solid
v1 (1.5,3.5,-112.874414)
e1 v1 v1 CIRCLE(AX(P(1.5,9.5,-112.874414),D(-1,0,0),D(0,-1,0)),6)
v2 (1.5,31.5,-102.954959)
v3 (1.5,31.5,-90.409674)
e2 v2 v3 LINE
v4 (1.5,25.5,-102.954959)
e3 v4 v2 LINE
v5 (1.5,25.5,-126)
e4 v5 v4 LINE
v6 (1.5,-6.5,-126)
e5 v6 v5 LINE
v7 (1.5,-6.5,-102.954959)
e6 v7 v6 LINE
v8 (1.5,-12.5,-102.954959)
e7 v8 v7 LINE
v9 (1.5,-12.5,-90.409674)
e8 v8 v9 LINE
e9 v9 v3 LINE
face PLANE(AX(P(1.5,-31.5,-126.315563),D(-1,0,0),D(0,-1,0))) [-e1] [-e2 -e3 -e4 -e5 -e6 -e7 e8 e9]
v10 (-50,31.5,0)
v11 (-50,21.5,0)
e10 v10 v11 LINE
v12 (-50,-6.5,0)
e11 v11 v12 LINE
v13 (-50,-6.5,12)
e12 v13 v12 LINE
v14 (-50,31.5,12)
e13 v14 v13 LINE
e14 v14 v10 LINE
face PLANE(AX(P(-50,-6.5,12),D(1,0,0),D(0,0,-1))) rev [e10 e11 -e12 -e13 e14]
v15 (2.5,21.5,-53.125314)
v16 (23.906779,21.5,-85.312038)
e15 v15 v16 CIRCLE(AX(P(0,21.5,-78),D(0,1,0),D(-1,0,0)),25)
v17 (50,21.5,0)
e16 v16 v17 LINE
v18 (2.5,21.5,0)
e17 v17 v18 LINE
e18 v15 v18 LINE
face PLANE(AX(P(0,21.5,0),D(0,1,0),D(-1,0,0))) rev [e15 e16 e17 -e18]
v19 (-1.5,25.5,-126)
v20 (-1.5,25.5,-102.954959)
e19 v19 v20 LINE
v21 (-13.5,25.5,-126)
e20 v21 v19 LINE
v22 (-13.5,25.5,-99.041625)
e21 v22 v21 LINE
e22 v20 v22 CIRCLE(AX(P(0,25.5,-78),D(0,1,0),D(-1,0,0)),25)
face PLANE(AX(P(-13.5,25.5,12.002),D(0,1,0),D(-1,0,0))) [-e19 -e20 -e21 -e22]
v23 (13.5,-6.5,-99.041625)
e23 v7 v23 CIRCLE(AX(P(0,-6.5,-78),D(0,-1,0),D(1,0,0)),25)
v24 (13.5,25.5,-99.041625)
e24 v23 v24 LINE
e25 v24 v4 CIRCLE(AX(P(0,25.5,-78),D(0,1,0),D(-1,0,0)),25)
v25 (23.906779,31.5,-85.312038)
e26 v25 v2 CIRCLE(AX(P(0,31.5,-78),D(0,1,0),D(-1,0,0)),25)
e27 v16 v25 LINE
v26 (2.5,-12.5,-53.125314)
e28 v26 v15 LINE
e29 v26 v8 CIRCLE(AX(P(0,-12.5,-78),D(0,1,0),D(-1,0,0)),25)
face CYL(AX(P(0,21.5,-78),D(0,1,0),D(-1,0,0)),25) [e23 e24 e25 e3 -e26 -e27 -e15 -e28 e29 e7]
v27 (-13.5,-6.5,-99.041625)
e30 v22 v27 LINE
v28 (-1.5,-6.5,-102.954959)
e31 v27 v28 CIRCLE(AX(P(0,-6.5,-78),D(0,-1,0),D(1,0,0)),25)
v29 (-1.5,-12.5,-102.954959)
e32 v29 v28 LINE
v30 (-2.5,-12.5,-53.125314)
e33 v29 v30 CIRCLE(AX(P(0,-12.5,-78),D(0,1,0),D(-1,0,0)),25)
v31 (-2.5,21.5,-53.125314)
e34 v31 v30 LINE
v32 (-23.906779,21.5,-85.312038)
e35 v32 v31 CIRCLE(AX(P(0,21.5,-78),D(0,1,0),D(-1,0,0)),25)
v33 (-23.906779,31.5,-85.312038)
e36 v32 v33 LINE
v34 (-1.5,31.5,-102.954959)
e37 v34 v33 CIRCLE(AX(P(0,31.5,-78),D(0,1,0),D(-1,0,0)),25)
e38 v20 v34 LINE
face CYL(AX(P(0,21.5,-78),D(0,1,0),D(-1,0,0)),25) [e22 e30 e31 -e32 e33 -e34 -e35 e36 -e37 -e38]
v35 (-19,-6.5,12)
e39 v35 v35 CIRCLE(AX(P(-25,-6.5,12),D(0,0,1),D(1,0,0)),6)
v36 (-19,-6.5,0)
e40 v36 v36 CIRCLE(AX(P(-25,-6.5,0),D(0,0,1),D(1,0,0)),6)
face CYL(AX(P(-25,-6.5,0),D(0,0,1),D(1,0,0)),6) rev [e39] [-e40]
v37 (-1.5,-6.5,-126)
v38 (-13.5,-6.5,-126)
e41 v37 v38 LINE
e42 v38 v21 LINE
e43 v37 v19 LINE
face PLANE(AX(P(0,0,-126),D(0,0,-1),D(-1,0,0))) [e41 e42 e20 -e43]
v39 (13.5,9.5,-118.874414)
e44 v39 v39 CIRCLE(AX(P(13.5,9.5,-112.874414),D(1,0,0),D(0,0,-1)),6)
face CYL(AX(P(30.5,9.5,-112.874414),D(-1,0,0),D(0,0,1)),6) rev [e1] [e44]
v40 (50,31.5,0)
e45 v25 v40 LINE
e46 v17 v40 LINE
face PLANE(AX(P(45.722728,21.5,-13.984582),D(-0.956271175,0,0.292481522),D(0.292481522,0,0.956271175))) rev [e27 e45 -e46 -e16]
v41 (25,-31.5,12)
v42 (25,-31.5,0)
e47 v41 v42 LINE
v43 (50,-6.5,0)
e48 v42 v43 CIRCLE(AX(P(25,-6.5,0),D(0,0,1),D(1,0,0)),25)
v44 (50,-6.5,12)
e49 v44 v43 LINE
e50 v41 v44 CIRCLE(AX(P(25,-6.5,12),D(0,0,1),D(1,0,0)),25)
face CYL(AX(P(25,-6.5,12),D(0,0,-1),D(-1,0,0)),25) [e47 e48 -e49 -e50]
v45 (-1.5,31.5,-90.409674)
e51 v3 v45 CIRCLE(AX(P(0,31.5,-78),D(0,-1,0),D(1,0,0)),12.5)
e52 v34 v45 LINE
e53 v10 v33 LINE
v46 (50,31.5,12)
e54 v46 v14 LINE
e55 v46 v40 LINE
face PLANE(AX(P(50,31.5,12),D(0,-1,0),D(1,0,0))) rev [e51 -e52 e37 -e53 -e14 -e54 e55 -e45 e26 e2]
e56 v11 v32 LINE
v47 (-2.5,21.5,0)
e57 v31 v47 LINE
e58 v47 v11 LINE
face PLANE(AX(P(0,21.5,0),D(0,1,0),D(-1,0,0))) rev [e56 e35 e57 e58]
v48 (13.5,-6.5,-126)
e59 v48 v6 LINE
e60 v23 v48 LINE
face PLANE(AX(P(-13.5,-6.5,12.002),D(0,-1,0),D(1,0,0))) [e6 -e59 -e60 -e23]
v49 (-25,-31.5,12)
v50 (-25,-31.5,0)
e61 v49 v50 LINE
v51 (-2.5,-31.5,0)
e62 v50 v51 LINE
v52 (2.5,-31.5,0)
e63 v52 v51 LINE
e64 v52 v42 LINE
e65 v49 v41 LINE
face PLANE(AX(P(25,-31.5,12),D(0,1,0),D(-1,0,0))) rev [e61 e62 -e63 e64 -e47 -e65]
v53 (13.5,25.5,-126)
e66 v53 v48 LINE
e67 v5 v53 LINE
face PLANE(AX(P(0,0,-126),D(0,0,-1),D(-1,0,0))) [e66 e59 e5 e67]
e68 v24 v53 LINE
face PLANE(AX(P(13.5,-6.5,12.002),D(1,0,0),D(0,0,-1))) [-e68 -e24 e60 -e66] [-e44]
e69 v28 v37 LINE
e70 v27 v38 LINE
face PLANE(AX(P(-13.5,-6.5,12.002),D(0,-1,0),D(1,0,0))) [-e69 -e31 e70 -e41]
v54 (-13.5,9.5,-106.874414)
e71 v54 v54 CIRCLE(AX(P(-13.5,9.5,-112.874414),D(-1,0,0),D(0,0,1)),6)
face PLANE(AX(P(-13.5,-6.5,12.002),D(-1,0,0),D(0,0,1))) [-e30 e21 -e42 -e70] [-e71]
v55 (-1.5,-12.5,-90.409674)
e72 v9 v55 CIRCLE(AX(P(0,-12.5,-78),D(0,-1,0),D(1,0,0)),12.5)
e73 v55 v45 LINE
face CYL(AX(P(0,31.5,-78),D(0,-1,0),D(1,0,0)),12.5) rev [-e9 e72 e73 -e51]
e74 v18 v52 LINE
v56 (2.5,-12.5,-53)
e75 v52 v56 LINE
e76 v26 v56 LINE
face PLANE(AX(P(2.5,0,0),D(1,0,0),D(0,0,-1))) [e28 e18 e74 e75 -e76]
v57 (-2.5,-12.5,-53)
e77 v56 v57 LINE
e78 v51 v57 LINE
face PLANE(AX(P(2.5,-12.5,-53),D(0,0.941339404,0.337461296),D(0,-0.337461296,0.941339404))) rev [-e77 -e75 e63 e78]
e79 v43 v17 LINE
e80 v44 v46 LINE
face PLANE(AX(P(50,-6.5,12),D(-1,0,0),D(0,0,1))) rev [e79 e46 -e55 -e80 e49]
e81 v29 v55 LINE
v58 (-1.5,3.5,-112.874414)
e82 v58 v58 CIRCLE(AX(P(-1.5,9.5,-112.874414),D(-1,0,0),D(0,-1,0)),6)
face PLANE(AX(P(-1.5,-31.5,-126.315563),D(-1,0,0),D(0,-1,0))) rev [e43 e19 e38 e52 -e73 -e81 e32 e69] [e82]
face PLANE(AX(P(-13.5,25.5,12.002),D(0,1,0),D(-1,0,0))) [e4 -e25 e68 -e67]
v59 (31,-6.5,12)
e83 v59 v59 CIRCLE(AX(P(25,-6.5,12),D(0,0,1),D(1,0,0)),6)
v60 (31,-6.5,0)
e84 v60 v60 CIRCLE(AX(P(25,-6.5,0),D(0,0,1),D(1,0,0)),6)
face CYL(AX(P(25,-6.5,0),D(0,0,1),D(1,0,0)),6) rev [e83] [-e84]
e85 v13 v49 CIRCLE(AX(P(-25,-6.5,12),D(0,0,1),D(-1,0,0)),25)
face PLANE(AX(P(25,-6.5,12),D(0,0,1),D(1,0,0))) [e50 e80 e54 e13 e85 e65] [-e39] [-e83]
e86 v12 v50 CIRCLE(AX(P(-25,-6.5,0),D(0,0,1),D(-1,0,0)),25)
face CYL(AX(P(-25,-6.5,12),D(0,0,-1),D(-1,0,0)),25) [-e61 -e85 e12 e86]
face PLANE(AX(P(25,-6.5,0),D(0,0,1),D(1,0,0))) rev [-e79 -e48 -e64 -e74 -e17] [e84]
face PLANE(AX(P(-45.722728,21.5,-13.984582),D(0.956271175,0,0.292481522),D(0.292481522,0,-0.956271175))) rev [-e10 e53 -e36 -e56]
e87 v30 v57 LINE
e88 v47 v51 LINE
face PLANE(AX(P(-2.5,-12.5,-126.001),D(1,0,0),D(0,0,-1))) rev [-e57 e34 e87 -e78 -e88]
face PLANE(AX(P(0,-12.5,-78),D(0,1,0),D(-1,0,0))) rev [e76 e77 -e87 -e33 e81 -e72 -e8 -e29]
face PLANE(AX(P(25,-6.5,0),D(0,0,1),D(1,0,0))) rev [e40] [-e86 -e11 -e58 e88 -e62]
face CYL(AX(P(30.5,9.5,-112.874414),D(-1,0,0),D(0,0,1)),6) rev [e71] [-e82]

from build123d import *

# Parameters (mm, degrees)
BOSS_EXTRUDE1_DEPTH      = 12
SKETCH3_R                = 6
CUT_EXTRUDE1_DEPTH       = 12
BOSS_EXTRUDE2_DEPTH      = 10
SKETCH4_3_R              = 25
BOSS_EXTRUDE3_DEPTH      = 44
SKETCH6_R                = 12.5
CUT_EXTRUDE2_DEPTH       = 44
BOSS_EXTRUDE4_REACH      = 152.121
BOSS_EXTRUDE4_END_RADIUS = 25
SKETCH7_W                = 27
SKETCH7_H                = 32
CUT_EXTRUDE3_DEPTH       = 143.520174011
CUT_EXTRUDE3_DEPTH_BACK  = 44
SKETCH8_W                = 3
SKETCH8_H                = 53.670936702
SKETCH9_R                = 6
CUT_EXTRUDE4_DEPTH       = 44
BOSS_EXTRUDE8_DEPTH      = 2.5
BOSS_EXTRUDE9_REACH      = 95.922
BOSS_EXTRUDE9_END_RADIUS = 25
SKETCH11_W               = 5
SKETCH11_H               = 34


with BuildPart() as part:
    # Sketch1 → Boss-Extrude1 (new body)
    with BuildSketch(Plane.XY):
        with BuildLine():
            Line((25, -31.5), (-25, -31.5))
            ThreePointArc((-25, -31.5), (-42.67766953, -24.17766953), (-50, -6.5))
            Line((-50, -6.5), (-50, 31.5))
            Line((-50, 31.5), (50, 31.5))
            Line((50, 31.5), (50, -6.5))
            ThreePointArc((50, -6.5), (42.67766953, -24.17766953), (25, -31.5))
        make_face()
    extrude(amount=BOSS_EXTRUDE1_DEPTH)

    # Sketch3 → Cut-Extrude1 (cut)
    with BuildSketch(Plane.XY.offset(12)):
        with Locations((-25, -6.5)):
            Circle(SKETCH3_R)
        with Locations((25, -6.5)):
            Circle(SKETCH3_R)
    extrude(amount=-CUT_EXTRUDE1_DEPTH, mode=Mode.SUBTRACT)

    # Sketch4 → Boss-Extrude2 (add)
    with BuildSketch(Plane(origin=(0, 31.5, 0), x_dir=(1, 0, 0), z_dir=(0, 1, 0))):
        with BuildLine():
            Line((-50, 0), (50, 0))
            Line((50, 0), (23.906779363, 85.312038053))
            ThreePointArc((23.906779363, 85.312038053), (0, 103), (-23.906779363, 85.312038053))
            Line((-23.906779363, 85.312038053), (-50, 0))
        make_face()
    extrude(amount=-BOSS_EXTRUDE2_DEPTH)

    # Sketch4<3> → Boss-Extrude3 (add)
    with BuildSketch(Plane(origin=(0, 31.5, 0), x_dir=(1, 0, 0), z_dir=(0, 1, 0))):
        with Locations(Location((0, 78, 0), (0, 0, 180))):
            Circle(SKETCH4_3_R)
    extrude(amount=-BOSS_EXTRUDE3_DEPTH)

    # Sketch6 → Cut-Extrude2 (cut)
    with BuildSketch(Plane.XZ.offset(12.5)):
        with Locations((0, -78)):
            Circle(SKETCH6_R)
    extrude(amount=-CUT_EXTRUDE2_DEPTH, mode=Mode.SUBTRACT)

    # Boss-Extrude4: up to this cylinder (the profile starts outside it)
    boss_extrude4_end = Plane(origin=(0, 9.5, -78), z_dir=(0, 1, 0)) * Cylinder(BOSS_EXTRUDE4_END_RADIUS, 355.242, mode=Mode.PRIVATE)
    # Sketch7 → Boss-Extrude4 (add, up to the surface)
    with BuildSketch(Plane(origin=(0, 0, -126), x_dir=(-1, 0, 0), z_dir=(0, 0, -1)), mode=Mode.PRIVATE) as boss_extrude4_sk1:
        with Locations((0, 9.5)):
            Rectangle(SKETCH7_W, SKETCH7_H)
    boss_extrude4_tool1 = extrude(boss_extrude4_sk1.sketch, amount=-BOSS_EXTRUDE4_REACH, mode=Mode.PRIVATE) - boss_extrude4_end
    add(boss_extrude4_tool1.solids().sort_by_distance((0, 9.5, -126))[0])

    # Sketch8 → Cut-Extrude3 (cut, two sides: drawn at the far end of the back side and taken through both)
    with BuildSketch(Plane.XZ.offset(12.5).offset(-CUT_EXTRUDE3_DEPTH_BACK)):
        with Locations((0, -99.480094591)):
            Rectangle(SKETCH8_W, SKETCH8_H)
    extrude(amount=CUT_EXTRUDE3_DEPTH + CUT_EXTRUDE3_DEPTH_BACK, mode=Mode.SUBTRACT)

    # Sketch9 → Cut-Extrude4 (cut)
    with BuildSketch(Plane.ZY.offset(13.5)):
        with Locations(Location((-112.874414164, 9.5, 0), (0, 0, 270))):
            Circle(SKETCH9_R)
    extrude(amount=-CUT_EXTRUDE4_DEPTH, mode=Mode.SUBTRACT)



with BuildPart() as body_2:
    # Sketch10 → Boss-Extrude8 (new, symmetric)
    with BuildSketch(Plane(origin=(0, 0, 0), x_dir=(0, 0, -1), z_dir=(1, 0, 0))):
        Polygon((53, -12.5), (0, -31.5), (0, 21.5), (53, 21.5), align=None)
    extrude(amount=BOSS_EXTRUDE8_DEPTH, both=True)


with BuildPart() as part_1:
    add(part.part)

    add(body_2.part)  # Boss-Extrude9 merges body 2
    # Boss-Extrude9: up to this cylinder (the profile starts outside it)
    boss_extrude9_end = Plane(origin=(0, 4.5, -78), z_dir=(0, 1, 0)) * Cylinder(BOSS_EXTRUDE9_END_RADIUS, 242.844, mode=Mode.PRIVATE)
    # Sketch11 → Boss-Extrude9 (add, up to the surface)
    with BuildSketch(Plane(origin=(0, 0, -53), x_dir=(-1, 0, 0), z_dir=(0, 0, -1)), mode=Mode.PRIVATE) as boss_extrude9_sk1:
        with Locations((0, 4.5)):
            Rectangle(SKETCH11_W, SKETCH11_H)
    boss_extrude9_tool1 = extrude(boss_extrude9_sk1.sketch, amount=BOSS_EXTRUDE9_REACH, mode=Mode.PRIVATE) - boss_extrude9_end
    add(boss_extrude9_tool1.solids().sort_by_distance((0, 4.5, -53))[0])
    add(boss_extrude9_tool1.solids().sort_by_distance((0, 4.5, -53))[1])


solid = part_1.part
